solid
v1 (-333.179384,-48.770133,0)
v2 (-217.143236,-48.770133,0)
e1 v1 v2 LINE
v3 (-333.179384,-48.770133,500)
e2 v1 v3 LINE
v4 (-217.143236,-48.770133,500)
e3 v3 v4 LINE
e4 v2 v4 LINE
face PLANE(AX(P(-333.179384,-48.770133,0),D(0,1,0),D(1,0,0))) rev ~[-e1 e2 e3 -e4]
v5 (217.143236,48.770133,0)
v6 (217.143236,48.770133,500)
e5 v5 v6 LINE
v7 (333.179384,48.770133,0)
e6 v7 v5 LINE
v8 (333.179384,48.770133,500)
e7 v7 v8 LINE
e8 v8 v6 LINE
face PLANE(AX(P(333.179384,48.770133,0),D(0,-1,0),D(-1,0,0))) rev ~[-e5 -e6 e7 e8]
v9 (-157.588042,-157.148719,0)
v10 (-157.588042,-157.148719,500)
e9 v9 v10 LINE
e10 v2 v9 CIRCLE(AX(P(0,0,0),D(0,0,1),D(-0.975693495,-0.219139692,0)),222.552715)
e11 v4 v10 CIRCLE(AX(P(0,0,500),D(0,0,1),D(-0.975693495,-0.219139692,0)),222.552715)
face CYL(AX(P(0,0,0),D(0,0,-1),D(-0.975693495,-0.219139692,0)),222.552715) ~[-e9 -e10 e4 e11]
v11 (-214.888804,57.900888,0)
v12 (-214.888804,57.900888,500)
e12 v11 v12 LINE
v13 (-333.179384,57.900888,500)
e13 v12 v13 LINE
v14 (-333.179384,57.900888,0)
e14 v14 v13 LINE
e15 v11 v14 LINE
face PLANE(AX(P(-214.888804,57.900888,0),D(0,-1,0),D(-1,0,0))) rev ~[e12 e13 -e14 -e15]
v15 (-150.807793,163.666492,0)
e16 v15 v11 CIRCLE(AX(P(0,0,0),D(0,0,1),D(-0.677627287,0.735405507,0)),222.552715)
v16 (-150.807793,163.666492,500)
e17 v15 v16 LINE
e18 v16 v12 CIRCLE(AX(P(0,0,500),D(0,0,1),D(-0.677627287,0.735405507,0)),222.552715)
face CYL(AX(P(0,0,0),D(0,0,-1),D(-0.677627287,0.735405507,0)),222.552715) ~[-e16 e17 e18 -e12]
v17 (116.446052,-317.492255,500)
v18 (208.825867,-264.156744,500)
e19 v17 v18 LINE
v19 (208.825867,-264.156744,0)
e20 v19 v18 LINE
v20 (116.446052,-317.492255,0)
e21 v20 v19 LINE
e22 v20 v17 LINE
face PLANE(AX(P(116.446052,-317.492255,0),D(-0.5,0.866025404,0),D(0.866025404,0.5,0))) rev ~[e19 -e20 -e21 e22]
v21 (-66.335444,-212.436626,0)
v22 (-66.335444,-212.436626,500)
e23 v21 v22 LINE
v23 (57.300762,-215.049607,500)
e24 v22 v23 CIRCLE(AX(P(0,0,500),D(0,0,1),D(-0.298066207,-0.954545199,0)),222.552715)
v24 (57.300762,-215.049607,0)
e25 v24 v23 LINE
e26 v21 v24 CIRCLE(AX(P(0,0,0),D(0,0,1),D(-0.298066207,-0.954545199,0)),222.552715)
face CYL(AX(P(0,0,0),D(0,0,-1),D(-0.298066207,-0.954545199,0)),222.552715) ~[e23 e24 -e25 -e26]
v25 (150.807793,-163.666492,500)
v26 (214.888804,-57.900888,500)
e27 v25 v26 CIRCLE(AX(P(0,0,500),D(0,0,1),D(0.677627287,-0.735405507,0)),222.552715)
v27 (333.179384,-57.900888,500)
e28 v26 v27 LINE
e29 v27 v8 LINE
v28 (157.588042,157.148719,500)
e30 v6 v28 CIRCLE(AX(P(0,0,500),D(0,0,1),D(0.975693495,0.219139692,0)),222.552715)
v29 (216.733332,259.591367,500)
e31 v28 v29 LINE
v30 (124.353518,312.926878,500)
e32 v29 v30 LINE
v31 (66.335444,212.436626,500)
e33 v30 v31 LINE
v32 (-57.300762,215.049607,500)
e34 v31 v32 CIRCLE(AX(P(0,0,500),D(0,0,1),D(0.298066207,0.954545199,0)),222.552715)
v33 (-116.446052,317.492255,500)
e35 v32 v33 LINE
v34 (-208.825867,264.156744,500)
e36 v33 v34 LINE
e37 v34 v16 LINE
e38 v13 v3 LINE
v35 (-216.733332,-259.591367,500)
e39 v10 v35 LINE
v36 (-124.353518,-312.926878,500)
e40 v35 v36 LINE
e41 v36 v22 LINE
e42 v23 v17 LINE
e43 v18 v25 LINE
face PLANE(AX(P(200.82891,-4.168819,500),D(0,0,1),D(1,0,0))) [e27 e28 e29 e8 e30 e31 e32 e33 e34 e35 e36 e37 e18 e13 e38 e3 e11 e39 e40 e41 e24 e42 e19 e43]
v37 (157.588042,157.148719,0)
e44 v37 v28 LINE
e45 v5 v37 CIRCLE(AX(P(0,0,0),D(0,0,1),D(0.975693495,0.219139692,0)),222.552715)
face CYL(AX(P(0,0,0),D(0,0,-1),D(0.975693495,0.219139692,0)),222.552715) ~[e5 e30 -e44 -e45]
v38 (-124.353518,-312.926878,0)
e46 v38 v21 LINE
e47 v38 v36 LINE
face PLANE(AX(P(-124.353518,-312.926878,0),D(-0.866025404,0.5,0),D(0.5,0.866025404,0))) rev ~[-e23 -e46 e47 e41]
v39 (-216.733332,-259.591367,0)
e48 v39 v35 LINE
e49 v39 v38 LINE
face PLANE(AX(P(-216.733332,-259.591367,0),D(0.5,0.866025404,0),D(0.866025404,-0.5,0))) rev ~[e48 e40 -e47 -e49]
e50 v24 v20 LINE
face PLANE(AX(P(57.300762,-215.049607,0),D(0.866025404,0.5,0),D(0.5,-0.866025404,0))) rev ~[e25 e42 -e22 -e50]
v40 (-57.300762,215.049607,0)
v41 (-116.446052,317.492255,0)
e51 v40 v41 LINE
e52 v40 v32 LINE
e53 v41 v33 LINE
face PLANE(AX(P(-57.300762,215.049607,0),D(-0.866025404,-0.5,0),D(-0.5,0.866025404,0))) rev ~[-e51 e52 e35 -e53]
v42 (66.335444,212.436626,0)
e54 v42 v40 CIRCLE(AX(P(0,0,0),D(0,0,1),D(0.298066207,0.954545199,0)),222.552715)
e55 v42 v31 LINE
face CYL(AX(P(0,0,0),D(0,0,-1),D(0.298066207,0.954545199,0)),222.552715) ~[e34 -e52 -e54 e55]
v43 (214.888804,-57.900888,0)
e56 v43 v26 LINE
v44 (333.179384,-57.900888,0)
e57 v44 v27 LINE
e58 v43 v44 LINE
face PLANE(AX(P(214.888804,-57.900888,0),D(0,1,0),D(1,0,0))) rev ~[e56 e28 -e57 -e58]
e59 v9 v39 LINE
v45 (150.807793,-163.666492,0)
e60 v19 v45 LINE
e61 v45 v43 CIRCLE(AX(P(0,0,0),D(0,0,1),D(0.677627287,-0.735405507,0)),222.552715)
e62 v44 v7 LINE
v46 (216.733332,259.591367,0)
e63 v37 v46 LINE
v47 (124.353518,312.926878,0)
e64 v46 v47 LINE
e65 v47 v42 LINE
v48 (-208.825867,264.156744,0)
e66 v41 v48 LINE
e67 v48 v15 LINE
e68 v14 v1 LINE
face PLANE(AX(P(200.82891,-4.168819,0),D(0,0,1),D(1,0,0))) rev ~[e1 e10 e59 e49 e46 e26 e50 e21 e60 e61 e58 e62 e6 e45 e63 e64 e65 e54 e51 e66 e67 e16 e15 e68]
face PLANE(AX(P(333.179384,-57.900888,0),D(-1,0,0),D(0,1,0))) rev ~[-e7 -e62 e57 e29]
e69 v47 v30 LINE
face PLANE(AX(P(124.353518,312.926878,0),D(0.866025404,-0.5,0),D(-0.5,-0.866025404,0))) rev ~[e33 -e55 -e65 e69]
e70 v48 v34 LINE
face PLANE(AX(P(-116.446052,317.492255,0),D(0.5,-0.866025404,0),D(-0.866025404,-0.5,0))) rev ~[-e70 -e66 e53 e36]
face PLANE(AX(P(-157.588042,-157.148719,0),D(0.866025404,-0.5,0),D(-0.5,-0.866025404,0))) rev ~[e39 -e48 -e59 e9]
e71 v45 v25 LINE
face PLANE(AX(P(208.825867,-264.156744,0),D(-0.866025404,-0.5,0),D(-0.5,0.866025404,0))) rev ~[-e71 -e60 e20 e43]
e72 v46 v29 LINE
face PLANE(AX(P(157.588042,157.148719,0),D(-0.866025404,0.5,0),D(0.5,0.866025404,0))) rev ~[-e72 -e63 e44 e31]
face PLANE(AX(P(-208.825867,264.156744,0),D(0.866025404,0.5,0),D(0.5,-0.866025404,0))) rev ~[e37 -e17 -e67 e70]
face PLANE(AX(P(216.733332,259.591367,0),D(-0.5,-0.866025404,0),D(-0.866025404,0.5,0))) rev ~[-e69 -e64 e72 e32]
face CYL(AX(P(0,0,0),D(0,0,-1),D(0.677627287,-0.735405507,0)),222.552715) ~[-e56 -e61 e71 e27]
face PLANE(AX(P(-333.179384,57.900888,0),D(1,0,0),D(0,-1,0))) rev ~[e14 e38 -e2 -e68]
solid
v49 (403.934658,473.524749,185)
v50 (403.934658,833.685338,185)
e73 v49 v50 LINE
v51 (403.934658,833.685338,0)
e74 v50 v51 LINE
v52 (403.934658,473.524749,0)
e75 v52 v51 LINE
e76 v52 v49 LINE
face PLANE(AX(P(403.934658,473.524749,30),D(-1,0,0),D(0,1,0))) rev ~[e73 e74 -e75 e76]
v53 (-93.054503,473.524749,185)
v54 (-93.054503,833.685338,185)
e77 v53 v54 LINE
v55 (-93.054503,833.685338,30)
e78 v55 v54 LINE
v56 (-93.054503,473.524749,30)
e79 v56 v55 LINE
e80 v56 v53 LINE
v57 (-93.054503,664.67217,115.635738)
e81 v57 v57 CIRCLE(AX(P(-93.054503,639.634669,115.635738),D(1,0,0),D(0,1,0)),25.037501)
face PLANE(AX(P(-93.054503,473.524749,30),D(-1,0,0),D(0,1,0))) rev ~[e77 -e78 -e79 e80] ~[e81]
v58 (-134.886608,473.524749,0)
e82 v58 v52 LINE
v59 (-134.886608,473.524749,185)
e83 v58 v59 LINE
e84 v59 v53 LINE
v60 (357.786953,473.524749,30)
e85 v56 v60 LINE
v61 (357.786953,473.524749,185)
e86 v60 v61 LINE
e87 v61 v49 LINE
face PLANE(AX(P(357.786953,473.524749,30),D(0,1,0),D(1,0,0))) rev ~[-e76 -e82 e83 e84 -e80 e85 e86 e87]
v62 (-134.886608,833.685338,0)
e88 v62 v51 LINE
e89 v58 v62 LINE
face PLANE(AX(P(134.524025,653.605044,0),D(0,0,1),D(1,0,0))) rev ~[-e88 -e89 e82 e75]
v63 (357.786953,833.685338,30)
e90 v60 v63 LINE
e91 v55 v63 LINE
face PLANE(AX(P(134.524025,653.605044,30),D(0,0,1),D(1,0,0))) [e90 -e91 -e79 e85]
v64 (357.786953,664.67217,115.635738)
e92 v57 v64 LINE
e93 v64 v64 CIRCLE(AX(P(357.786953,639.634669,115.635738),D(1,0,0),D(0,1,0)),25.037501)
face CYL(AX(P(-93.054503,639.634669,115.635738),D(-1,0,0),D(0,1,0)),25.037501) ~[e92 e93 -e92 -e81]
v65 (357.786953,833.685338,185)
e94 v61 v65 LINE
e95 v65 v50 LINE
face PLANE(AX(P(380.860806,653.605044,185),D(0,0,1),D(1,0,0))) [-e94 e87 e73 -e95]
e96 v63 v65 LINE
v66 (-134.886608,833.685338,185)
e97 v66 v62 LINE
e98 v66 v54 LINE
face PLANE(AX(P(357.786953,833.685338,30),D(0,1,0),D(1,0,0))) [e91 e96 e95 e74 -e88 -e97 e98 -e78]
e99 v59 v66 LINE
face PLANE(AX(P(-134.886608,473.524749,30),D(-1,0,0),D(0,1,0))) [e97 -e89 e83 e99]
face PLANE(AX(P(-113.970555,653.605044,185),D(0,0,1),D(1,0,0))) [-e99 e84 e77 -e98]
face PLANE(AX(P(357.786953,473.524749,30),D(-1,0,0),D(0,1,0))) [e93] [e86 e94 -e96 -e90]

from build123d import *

# Parameters (mm, degrees)
F1_DEPTH = 500
F2_W     = 538.8212651014
F2_H     = 360.1605892181
F3_DEPTH = 30
F4_W     = 41.8321043253
F4_H     = 360.1605892181
F5_DEPTH = 155
F7_W     = 46.1477041245
F7_H     = 360.1605892181
F8_DEPTH = 155
F6_R     = 25.0375011005
F9_DEPTH = 450.8414566517


with BuildPart() as f1:
    # F0 (on Top) → F1 (new body)
    with BuildSketch(Plane.XY):
        with BuildLine():
            ThreePointArc((214.8888041559, -57.900887914), (220.6284181264, -29.2029465607), (222.5527150425, 0))
            ThreePointArc((222.5527150425, 0), (221.1962112685, 24.5346101098), (217.1432362758, 48.7701334059))
            Line((217.1432362758, 48.7701334059), (182.5777590275, 48.7701334059))
            Line((182.5777590275, 48.7701334059), (182.5777590275, -57.900887914))
            Line((182.5777590275, -57.900887914), (214.8888041559, -57.900887914))
        make_face()
        with BuildLine():
            ThreePointArc((217.1432362758, 48.7701334059), (221.1962112685, 24.5346101098), (222.5527150425, 0))
            ThreePointArc((222.5527150425, 0), (220.6284181264, -29.2029465607), (214.8888041559, -57.900887914))
            Line((214.8888041559, -57.900887914), (333.17938447, -57.900887914))
            Line((333.17938447, -57.900887914), (333.17938447, 48.7701334059))
            Line((333.17938447, 48.7701334059), (217.1432362758, 48.7701334059))
        make_face()
        with BuildLine():
            Line((182.5777590275, 48.7701334059), (217.1432362758, 48.7701334059))
            ThreePointArc((217.1432362758, 48.7701334059), (195.0445133565, 107.1790501091), (157.5880419131, 157.1487194309))
            Line((157.5880419131, 157.1487194309), (141.4325193489, 129.1665335268))
            Line((141.4325193489, 129.1665335268), (49.0527050383, 182.5020441868))
            Line((49.0527050383, 182.5020441868), (66.3354436624, 212.4366255778))
            ThreePointArc((66.3354436624, 212.4366255778), (4.7024765302, 222.5030284901), (-57.3007622427, 215.0496073449))
            Line((-57.3007622427, 215.0496073449), (-41.1452396785, 187.0674214408))
            Line((-41.1452396785, 187.0674214408), (-133.5250539892, 133.7319107809))
            Line((-133.5250539892, 133.7319107809), (-150.8077926134, 163.6664921719))
            ThreePointArc((-150.8077926134, 163.6664921719), (-190.3420368263, 115.3239783809), (-214.8888041559, 57.900887914))
            Line((-214.8888041559, 57.900887914), (-182.5777590275, 57.900887914))
            Line((-182.5777590275, 57.900887914), (-182.5777590275, -48.7701334059))
            Line((-182.5777590275, -48.7701334059), (-217.1432362758, -48.7701334059))
            ThreePointArc((-217.1432362758, -48.7701334059), (-195.0445133565, -107.1790501091), (-157.5880419131, -157.1487194309))
            Line((-157.5880419131, -157.1487194309), (-141.4325193489, -129.1665335268))
            Line((-141.4325193489, -129.1665335268), (-49.0527050383, -182.5020441868))
            Line((-49.0527050383, -182.5020441868), (-66.3354436624, -212.4366255778))
            ThreePointArc((-66.3354436624, -212.4366255778), (-4.7024765302, -222.5030284901), (57.3007622427, -215.0496073449))
            Line((57.3007622427, -215.0496073449), (41.1452396785, -187.0674214408))
            Line((41.1452396785, -187.0674214408), (133.5250539892, -133.7319107809))
            Line((133.5250539892, -133.7319107809), (150.8077926134, -163.6664921719))
            ThreePointArc((150.8077926134, -163.6664921719), (190.3420368263, -115.3239783809), (214.8888041559, -57.900887914))
            Line((214.8888041559, -57.900887914), (182.5777590275, -57.900887914))
            Line((182.5777590275, -57.900887914), (182.5777590275, 48.7701334059))
        make_face()
        with BuildLine():
            Line((141.4325193489, 129.1665335268), (157.5880419131, 157.1487194309))
            ThreePointArc((157.5880419131, 157.1487194309), (115.3239783809, 190.3420368263), (66.3354436624, 212.4366255778))
            Line((66.3354436624, 212.4366255778), (49.0527050383, 182.5020441868))
            Line((49.0527050383, 182.5020441868), (141.4325193489, 129.1665335268))
        make_face()
        with BuildLine():
            ThreePointArc((66.3354436624, 212.4366255778), (115.3239783809, 190.3420368263), (157.5880419131, 157.1487194309))
            Line((157.5880419131, 157.1487194309), (216.7333320702, 259.5913670113))
            Line((216.7333320702, 259.5913670113), (124.3535177595, 312.9268776712))
            Line((124.3535177595, 312.9268776712), (66.3354436624, 212.4366255778))
        make_face()
        with BuildLine():
            Line((208.8258667105, -264.1567442653), (150.8077926134, -163.6664921719))
            ThreePointArc((150.8077926134, -163.6664921719), (107.1790501091, -195.0445133565), (57.3007622427, -215.0496073449))
            Line((57.3007622427, -215.0496073449), (116.4460523998, -317.4922549253))
            Line((116.4460523998, -317.4922549253), (208.8258667105, -264.1567442653))
        make_face()
        with BuildLine():
            ThreePointArc((57.3007622427, -215.0496073449), (107.1790501091, -195.0445133565), (150.8077926134, -163.6664921719))
            Line((150.8077926134, -163.6664921719), (133.5250539892, -133.7319107809))
            Line((133.5250539892, -133.7319107809), (41.1452396785, -187.0674214408))
            Line((41.1452396785, -187.0674214408), (57.3007622427, -215.0496073449))
        make_face()
        with BuildLine():
            Line((-41.1452396785, 187.0674214408), (-57.3007622427, 215.0496073449))
            ThreePointArc((-57.3007622427, 215.0496073449), (-107.1790501091, 195.0445133565), (-150.8077926134, 163.6664921719))
            Line((-150.8077926134, 163.6664921719), (-133.5250539892, 133.7319107809))
            Line((-133.5250539892, 133.7319107809), (-41.1452396785, 187.0674214408))
        make_face()
        with BuildLine():
            ThreePointArc((-150.8077926134, 163.6664921719), (-107.1790501091, 195.0445133565), (-57.3007622427, 215.0496073449))
            Line((-57.3007622427, 215.0496073449), (-116.4460523998, 317.4922549253))
            Line((-116.4460523998, 317.4922549253), (-208.8258667105, 264.1567442653))
            Line((-208.8258667105, 264.1567442653), (-150.8077926134, 163.6664921719))
        make_face()
        with BuildLine():
            Line((-124.3535177595, -312.9268776712), (-66.3354436624, -212.4366255778))
            ThreePointArc((-66.3354436624, -212.4366255778), (-115.3239783809, -190.3420368263), (-157.5880419131, -157.1487194309))
            Line((-157.5880419131, -157.1487194309), (-216.7333320702, -259.5913670113))
            Line((-216.7333320702, -259.5913670113), (-124.3535177595, -312.9268776712))
        make_face()
        with BuildLine():
            ThreePointArc((-157.5880419131, -157.1487194309), (-115.3239783809, -190.3420368263), (-66.3354436624, -212.4366255778))
            Line((-66.3354436624, -212.4366255778), (-49.0527050383, -182.5020441868))
            Line((-49.0527050383, -182.5020441868), (-141.4325193489, -129.1665335268))
            Line((-141.4325193489, -129.1665335268), (-157.5880419131, -157.1487194309))
        make_face()
        with BuildLine():
            Line((-182.5777590275, 57.900887914), (-214.8888041559, 57.900887914))
            ThreePointArc((-214.8888041559, 57.900887914), (-222.5030284901, 4.7024765303), (-217.1432362758, -48.7701334059))
            Line((-217.1432362758, -48.7701334059), (-182.5777590275, -48.7701334059))
            Line((-182.5777590275, -48.7701334059), (-182.5777590275, 57.900887914))
        make_face()
        with BuildLine():
            ThreePointArc((-217.1432362758, -48.7701334059), (-222.5030284901, 4.7024765303), (-214.8888041559, 57.900887914))
            Line((-214.8888041559, 57.900887914), (-333.17938447, 57.900887914))
            Line((-333.17938447, 57.900887914), (-333.17938447, -48.7701334059))
            Line((-333.17938447, -48.7701334059), (-217.1432362758, -48.7701334059))
        make_face()
    extrude(amount=F1_DEPTH)


with BuildPart() as f3:
    # F2 (on Top) → F3 (new body)
    with BuildSketch(Plane.XY):
        with Locations((134.524025023, 653.6050438881)):
            Rectangle(F2_W, F2_H)
    extrude(amount=F3_DEPTH)

    # F4 (on face) → F5 (join)
    with BuildSketch(Plane.XY.offset(30)):
        with Locations((-113.9705553651, 653.6050438881)):
            Rectangle(F4_W, F4_H)
    extrude(amount=F5_DEPTH)

    # F7 (on face) → F8 (join)
    with BuildSketch(Plane.XY.offset(30)):
        with Locations((380.8608055115, 653.6050438881)):
            Rectangle(F7_W, F7_H)
    extrude(amount=F8_DEPTH)

    # F6 (on face) → F9 (join, through all)
    with BuildSketch(Plane.YZ.offset(-93.0545032024)):
        with Locations((639.6346688271, 115.6357377768)):
            Circle(F6_R)
    extrude(amount=F9_DEPTH)


solid = Compound([f1.part, f3.part])
